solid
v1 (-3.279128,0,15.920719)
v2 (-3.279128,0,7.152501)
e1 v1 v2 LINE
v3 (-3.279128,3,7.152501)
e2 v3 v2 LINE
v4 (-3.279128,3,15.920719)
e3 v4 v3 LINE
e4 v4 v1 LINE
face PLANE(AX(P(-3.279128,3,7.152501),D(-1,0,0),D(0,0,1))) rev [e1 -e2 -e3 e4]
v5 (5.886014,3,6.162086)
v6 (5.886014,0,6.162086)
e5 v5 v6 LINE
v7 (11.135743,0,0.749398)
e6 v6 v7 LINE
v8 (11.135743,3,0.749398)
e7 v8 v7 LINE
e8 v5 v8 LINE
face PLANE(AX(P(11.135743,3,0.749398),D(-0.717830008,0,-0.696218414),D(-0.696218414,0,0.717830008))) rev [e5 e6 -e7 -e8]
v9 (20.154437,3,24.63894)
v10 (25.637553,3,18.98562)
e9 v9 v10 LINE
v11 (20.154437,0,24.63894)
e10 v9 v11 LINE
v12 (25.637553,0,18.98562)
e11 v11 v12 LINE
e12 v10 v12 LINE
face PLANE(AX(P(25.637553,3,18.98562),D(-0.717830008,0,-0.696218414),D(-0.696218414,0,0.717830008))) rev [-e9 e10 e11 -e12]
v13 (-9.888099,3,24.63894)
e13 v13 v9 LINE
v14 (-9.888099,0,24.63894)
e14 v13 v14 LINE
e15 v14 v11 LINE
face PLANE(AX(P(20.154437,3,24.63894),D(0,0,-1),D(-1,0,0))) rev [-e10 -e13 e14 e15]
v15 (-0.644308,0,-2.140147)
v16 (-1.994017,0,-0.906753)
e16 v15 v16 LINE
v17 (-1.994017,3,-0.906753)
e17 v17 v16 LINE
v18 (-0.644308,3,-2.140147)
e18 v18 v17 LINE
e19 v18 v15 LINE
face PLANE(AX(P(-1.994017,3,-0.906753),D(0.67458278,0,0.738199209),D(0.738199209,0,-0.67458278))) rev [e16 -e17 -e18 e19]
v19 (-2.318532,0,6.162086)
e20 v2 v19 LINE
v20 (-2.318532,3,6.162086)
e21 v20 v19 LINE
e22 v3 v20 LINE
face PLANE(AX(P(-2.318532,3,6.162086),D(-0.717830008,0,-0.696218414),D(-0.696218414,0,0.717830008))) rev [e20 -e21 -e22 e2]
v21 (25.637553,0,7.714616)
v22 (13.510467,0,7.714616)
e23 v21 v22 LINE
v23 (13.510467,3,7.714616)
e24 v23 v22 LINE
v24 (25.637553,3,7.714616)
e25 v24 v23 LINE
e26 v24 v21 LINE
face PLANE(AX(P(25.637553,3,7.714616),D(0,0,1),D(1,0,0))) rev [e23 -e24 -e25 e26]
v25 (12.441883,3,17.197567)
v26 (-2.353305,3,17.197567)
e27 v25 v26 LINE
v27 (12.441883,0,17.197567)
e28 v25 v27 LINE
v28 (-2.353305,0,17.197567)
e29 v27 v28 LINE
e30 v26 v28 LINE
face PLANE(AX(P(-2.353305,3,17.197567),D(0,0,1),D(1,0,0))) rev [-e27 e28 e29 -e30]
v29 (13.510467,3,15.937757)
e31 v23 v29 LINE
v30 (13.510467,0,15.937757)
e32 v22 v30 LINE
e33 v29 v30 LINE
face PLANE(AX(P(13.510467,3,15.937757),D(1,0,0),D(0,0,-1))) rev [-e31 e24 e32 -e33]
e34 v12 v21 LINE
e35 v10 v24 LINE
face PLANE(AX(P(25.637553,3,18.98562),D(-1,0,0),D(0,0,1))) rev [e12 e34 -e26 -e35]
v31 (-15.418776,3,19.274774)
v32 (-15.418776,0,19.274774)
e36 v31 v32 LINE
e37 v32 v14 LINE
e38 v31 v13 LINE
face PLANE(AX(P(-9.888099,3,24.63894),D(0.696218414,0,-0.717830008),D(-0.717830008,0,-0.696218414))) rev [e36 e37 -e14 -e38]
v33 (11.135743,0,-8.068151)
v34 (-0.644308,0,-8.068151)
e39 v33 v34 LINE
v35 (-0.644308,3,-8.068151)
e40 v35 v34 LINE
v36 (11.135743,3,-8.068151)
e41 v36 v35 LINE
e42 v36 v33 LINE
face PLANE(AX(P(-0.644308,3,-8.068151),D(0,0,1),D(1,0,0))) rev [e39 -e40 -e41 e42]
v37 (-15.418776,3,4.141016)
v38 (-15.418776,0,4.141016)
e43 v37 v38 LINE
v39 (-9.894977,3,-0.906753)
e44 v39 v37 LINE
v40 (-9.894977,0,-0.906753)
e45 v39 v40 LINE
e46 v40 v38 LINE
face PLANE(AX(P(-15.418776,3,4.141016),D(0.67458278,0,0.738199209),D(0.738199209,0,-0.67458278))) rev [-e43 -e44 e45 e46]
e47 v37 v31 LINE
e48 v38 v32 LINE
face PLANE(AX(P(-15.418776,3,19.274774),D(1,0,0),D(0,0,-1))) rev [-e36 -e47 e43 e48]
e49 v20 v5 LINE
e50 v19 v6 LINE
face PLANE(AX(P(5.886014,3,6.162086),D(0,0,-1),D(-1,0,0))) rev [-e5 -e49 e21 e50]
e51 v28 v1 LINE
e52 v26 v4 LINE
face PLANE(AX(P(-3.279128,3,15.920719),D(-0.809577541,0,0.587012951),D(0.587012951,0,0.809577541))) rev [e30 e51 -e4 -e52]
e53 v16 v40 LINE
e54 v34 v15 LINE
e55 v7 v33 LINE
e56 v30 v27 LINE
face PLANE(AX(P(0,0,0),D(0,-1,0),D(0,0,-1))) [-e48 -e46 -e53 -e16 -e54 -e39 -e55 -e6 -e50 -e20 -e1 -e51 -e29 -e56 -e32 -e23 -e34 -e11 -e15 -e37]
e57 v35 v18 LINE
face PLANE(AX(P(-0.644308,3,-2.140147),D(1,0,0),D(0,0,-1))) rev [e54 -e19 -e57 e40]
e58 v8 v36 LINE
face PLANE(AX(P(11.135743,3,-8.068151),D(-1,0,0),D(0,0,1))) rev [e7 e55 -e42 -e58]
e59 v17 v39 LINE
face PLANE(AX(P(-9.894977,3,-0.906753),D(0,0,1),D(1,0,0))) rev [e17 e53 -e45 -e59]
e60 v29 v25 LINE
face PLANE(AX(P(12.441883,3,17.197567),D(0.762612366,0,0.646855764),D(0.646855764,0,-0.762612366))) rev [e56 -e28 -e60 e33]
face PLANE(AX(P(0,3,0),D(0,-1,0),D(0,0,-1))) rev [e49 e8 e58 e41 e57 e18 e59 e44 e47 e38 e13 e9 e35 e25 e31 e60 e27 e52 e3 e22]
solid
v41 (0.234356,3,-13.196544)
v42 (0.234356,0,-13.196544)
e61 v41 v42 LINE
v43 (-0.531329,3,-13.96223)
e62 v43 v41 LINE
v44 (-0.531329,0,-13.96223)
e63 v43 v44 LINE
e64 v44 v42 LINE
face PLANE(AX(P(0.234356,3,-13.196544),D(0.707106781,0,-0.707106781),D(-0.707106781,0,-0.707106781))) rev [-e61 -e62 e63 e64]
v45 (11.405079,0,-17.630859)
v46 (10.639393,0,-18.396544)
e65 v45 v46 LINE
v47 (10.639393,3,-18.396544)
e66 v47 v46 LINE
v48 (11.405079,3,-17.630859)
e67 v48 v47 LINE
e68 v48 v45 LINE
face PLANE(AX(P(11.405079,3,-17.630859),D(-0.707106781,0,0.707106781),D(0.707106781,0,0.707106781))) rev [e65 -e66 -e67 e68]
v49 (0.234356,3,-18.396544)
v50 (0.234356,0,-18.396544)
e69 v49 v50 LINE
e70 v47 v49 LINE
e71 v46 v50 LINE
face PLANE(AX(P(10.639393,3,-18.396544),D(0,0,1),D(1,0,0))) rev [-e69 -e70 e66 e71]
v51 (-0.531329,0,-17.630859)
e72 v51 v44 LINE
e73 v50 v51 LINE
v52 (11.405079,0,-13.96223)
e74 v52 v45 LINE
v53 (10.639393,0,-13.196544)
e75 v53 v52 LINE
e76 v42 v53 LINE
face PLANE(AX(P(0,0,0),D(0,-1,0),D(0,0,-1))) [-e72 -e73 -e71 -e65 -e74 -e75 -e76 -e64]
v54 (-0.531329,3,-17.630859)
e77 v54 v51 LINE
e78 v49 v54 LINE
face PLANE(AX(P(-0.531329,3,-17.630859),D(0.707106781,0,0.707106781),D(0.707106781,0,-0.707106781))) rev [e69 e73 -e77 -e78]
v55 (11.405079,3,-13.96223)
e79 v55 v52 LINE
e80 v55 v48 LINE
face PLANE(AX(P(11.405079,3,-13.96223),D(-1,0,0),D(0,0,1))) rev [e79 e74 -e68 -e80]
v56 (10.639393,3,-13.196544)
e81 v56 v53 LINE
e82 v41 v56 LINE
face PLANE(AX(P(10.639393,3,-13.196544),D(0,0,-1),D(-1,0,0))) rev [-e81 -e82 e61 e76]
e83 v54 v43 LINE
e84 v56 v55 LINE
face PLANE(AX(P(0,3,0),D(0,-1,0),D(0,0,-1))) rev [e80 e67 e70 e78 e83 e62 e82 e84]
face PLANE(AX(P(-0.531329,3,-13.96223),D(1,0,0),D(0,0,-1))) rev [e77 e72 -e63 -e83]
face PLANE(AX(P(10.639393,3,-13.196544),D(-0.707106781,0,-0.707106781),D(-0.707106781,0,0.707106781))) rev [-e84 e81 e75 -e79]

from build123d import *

# Parameters (mm, degrees)
EXTRUDE_1_DEPTH   = 3
EXTRUDE_1_2_DEPTH = 3


with BuildPart() as part:
    # 草图1 → 凸台-拉伸1 (new body)
    with BuildSketch(Plane(origin=(0, 0, 0), x_dir=(1, 0, 0), z_dir=(0, 1, 0))):
        Polygon((25.637552557, -18.985620439), (25.637552557, -7.714616343), (13.5104667, -7.714616343), (13.5104667, -15.937756848), (12.441882902, -17.197566631), (-2.35330466, -17.197566631), (-3.27912841, -15.920718967), (-3.27912841, -7.152500555), (-2.318531745, -6.162085626), (5.886014423, -6.162085626), (11.135743374, -0.749397742), (11.135743374, 8.068150789), (-0.644307785, 8.068150789), (-0.644307785, 2.140146906), (-1.994016853, 0.90675288), (-9.894977458, 0.90675288), (-15.418775569, -4.141016123), (-15.418775569, -19.274774033), (-9.888098832, -24.638939565), (20.154437012, -24.638939565), align=None)
    extrude(amount=EXTRUDE_1_DEPTH)


with BuildPart() as body_2:
    # 草图1 → Extrude 1 2 (new body)
    with BuildSketch(Plane(origin=(0, 0, 0), x_dir=(1, 0, 0), z_dir=(0, 1, 0))):
        Polygon((10.639393218, 13.196544402), (11.405078643, 13.962229827), (11.405078643, 17.630858977), (10.639393218, 18.396544402), (0.234355973, 18.396544402), (-0.531329452, 17.630858977), (-0.531329452, 13.962229827), (0.234355973, 13.196544402), align=None)
    extrude(amount=EXTRUDE_1_2_DEPTH)


solid = Compound([part.part, body_2.part])
